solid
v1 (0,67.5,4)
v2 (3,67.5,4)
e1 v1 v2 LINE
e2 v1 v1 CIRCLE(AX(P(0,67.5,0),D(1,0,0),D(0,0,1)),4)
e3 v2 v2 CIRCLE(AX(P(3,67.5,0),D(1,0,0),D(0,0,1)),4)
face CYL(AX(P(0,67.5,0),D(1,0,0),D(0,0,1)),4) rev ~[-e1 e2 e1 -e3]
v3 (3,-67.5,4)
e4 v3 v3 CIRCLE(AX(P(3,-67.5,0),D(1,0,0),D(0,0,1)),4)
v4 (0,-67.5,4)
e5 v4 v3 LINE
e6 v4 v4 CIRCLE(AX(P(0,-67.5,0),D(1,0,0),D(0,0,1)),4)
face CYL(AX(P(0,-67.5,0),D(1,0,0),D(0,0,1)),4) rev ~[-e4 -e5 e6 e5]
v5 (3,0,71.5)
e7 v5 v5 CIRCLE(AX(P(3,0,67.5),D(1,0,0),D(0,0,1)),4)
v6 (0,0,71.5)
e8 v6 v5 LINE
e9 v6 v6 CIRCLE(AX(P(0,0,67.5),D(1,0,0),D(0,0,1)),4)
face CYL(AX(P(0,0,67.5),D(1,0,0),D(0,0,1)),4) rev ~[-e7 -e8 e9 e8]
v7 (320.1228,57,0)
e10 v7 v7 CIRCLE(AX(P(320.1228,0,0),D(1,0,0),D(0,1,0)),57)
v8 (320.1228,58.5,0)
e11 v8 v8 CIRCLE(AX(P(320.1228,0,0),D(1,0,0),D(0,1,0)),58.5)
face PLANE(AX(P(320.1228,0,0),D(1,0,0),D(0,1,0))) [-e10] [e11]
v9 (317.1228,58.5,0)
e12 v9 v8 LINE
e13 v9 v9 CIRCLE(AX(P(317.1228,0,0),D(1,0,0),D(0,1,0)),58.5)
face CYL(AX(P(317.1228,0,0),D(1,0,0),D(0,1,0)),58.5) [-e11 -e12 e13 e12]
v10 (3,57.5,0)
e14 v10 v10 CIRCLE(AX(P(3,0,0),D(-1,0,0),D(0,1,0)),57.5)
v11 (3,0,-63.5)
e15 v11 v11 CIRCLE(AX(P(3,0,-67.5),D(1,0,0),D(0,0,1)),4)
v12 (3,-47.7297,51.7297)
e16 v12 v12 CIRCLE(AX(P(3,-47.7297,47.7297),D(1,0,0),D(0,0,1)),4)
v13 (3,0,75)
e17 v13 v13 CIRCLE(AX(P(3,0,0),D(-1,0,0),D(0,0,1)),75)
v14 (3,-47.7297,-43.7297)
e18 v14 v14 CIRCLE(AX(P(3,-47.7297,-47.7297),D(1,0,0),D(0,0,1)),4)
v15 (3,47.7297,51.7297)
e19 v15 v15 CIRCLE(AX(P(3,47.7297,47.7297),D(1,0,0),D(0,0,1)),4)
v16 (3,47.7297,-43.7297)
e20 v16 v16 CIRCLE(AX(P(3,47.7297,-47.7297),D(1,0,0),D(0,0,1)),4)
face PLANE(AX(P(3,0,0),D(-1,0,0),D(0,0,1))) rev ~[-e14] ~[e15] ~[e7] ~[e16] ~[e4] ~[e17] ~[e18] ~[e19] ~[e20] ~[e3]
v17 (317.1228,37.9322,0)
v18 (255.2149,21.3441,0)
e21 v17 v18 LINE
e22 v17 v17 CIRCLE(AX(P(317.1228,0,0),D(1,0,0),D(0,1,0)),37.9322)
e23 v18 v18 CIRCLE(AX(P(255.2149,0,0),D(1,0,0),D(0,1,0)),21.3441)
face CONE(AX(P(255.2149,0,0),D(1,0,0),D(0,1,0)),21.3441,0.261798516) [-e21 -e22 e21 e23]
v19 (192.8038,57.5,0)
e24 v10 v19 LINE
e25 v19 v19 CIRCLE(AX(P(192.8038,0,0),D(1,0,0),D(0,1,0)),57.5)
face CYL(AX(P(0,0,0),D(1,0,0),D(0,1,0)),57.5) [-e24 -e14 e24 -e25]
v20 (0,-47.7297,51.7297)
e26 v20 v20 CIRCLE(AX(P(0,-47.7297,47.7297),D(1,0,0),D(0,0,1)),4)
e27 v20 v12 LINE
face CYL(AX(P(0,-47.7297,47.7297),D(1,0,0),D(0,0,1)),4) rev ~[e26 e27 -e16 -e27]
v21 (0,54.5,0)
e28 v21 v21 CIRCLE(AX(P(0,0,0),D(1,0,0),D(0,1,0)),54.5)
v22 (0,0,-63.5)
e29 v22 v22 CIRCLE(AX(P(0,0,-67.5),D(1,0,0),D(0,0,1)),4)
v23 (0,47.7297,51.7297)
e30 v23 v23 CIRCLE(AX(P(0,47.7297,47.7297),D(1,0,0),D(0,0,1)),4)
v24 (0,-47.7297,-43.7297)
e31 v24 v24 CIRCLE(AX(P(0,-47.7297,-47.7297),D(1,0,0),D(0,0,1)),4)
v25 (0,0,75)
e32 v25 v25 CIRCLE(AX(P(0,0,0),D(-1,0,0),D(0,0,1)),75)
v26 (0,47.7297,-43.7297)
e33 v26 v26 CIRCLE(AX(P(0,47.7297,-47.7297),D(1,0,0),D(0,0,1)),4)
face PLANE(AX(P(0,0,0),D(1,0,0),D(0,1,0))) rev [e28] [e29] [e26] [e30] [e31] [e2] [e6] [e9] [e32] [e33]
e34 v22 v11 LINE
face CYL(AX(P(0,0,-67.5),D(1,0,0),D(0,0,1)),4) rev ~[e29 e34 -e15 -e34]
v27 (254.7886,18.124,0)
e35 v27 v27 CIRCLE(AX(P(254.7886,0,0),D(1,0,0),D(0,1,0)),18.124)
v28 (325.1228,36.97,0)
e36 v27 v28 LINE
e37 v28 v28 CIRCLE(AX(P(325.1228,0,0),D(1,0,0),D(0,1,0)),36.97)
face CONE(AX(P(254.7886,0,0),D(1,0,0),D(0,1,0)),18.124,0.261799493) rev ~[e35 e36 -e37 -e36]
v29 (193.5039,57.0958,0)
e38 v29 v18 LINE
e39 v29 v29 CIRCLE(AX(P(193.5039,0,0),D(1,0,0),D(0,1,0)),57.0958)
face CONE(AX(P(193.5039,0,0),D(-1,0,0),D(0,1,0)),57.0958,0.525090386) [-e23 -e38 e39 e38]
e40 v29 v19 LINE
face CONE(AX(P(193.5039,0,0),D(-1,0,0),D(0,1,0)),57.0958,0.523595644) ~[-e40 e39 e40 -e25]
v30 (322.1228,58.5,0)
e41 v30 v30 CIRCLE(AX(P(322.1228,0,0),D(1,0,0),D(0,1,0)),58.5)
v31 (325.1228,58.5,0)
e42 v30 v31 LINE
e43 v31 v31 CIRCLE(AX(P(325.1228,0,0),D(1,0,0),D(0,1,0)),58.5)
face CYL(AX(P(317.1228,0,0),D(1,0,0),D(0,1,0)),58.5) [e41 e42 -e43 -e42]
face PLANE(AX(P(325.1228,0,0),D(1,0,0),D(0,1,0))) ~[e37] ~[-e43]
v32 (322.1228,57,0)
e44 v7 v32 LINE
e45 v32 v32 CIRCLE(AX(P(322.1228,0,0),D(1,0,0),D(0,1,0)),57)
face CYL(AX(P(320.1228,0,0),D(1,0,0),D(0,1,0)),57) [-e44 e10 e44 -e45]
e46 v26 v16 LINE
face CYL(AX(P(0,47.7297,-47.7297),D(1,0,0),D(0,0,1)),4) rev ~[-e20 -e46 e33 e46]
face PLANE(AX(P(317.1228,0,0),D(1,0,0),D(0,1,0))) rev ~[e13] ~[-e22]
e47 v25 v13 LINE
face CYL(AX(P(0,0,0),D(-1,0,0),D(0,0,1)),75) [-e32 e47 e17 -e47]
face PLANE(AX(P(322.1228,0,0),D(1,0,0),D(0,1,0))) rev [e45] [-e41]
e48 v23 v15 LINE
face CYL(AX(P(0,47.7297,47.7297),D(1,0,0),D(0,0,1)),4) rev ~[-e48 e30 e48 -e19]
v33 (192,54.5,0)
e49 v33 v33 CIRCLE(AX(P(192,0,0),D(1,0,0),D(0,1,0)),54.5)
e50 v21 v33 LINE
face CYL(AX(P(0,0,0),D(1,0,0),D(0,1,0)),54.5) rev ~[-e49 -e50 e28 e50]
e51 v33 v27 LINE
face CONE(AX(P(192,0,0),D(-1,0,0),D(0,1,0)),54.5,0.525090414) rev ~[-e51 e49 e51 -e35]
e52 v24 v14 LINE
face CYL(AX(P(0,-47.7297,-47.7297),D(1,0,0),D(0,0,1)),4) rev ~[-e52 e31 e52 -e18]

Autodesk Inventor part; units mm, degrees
ref_plane "YZ Plane" through (0, 0, 0) normal (1, 0, 0) x (0, 1, 0)
ref_plane "XZ Plane" through (0, 0, 0) normal (0, 1, 0) x (-1, 0, 0)
ref_plane "XY Plane" through (0, 0, 0) normal (0, 0, 1) x (1, 0, 0)
sketch "Sketch2" plane through (0, 0, 0) normal (0, 0, 1) x (1, 0, 0)
  line L0 (0, 54.5) -> (192, 54.5)
  line L1 (254.7886, 18.124) -> (254.7886, 0) construction
  line L2 (192, 54.5) -> (254.7886, 18.124)
  line L3 (254.7886, 18.124) -> (325.1228, 36.97)
  line L4 (254.7886, 18.124) -> (254.7886, 43.3259) construction
  line L5 (0, 0) -> (254.7886, 0)
  line L6 (325.1228, 36.97) -> (325.1228, 0)
  line L7 (192, 54.5) -> (254.7886, 18.124)
  line L8 (325.1228, 0) -> (305.1228, 0)
  line L9 (-65.0246, 0) -> (390.1474, 0) projected
  line L10 (0, 57.5) -> (192, 57.5)
  line L11 (193.5039, 57.0958) -> (255.2149, 21.3441)
  line L12 (255.2149, 21.3441) -> (325.1228, 40.0758)
  line L13 (325.1228, 36.97) -> (325.1228, 40.0758)
  line L14 (0, 54.5) -> (0, 57.5)
  line L15 (193.5039, 57.0958) -> (192.8038, 57.5)
  line L16 (193.5039, 57.0958) -> (200.0085, 57.0958) construction
  line L17 (192, 57.5) -> (192.8038, 57.5)
  line L18 (325.1228, 40.0758) -> (325.1228, 57.5)
  line L19 (317.1228, 57.5) -> (317.1228, 37.9322)
  line L20 (325.1228, 0) -> (325.1228, 58.5)
  line L21 (317.1228, 58.5) -> (317.1228, 57.5)
  line L22 (317.1228, 58.5) -> (325.1228, 58.5)
  point P0 (254.7886, 31.9804)
  point P1 (325.1228, 59.5)
  point P2 (321.1228, 58.5)
  dimension "d2" = 18.124
  dimension "d9" = 54.5
  dimension "d43" = 192
  dimension "d76" = 20
  dimension "d141" = 3
  dimension "d142" = 3
  dimension "d143" = 3
  dimension "d144" = 150
  dimension "d159" = 8
  dimension "d199" = 58.5
revolve "Revolution1" add sketch "Sketch2" angle 360 about axis through (0, 0, 0) along (1, 0, 0) contours L14 L10 L17 L15 L11 L12 L13 L3 L2 L0
sketch "Sketch24" plane through (0, 0, 0) normal (-1, 0, 0) x (0, 0, 1)
  circle A0 centre (0, 0) radius 75
  circle A1 centre (0, 0) radius 21.3441 projected
  circle A2 centre (0, 0) radius 57.5
  dimension "d155" = 150
  dimension "d156" = 115
extrude "Extrusion9" add sketch "Sketch24" against normal blind 3 contours A0
revolve "Revolution4" add sketch "Sketch2" angle 360 about axis through (-10, 0, 0) along (1, 0, 0) contours L12 L19 L21 L22 L20 L18
sketch "Sketch25" plane through (0, 0, 0) normal (0, 0, 1) x (1, 0, 0)
  line L0 (317.1228, -54.5) -> (317.1228, 54.5) projected
  line L1 (317.1228, 54.5) -> (320.1228, 54.5)
  line L2 (317.1228, 54.5) -> (325.1228, 54.5) projected
  line L3 (320.1228, 54.5) -> (320.1228, 53.5)
  line L4 (320.1228, 53.5) -> (322.1228, 53.5)
  line L5 (322.1228, 53.5) -> (322.1228, 54.5)
  line L6 (322.1228, 54.5) -> (320.7933, 54.5)
  line L7 (317.1228, -58.5) -> (317.1228, 58.5) projected
  line L8 (317.1228, 54.5) -> (317.1228, 58.5)
  line L9 (320.1189, 58.348) -> (320.0429, 56.8499)
  line L10 (317.1228, 58.5) -> (320.1228, 58.5)
  line L11 (317.1228, 58.5) -> (325.1228, 58.5) projected
  line L12 (320.1228, 58.5) -> (320.0506, 57.0017)
  point P0 (0, 0)
  dimension "d161" = 3
  dimension "d162" = 1
  dimension "d163" = 2
  dimension "d202" = 3
revolve "Revolution5" [suppressed]
sketch "Sketch26" plane through (0, 0, 0) normal (-1, 0, 0) x (0, 0, 1)
  circle A0 centre (0, 0) radius 18.124 projected
  circle A1 centre (0, 0) radius 67.5
  circle A2 centre (0, 67.5) radius 4
  circle A3 centre (-47.7297, 47.7297) radius 4
  circle A4 centre (-67.5, 0) radius 4
  circle A5 centre (-47.7297, -47.7297) radius 4
  circle A6 centre (0, -67.5) radius 4
  circle A7 centre (47.7297, -47.7297) radius 4
  circle A8 centre (67.5, 0) radius 4
  circle A9 centre (47.7297, 47.7297) radius 4
  point P0 (0, 0)
  dimension "d165" = 135
  dimension "d166" = 8
  dimension "d169" = 360
hole "Hole1" at (0, 67.5, 0) at (0, 47.7297, -47.7297) at (0, 0, -67.5) at (0, 47.7297, 47.7297) at (0, 0, 67.5) at (0, -47.7297, -47.7297) at (0, -67.5, 0) at (0, -47.7297, 47.7297) direction (1, 0, 0) diameter 8 end through all
thread "Thread19" size "M8x1.25" class "6H" standard "ANSI Metric M Profile" full length
thread "Thread20" size "M8x1.25" class "6H" standard "ANSI Metric M Profile" full length
thread "Thread21" size "M8x1.25" class "6H" standard "ANSI Metric M Profile" full length
thread "Thread22" size "M8x1.25" class "6H" standard "ANSI Metric M Profile" full length
thread "Thread23" size "M8x1.25" class "6H" standard "ANSI Metric M Profile" full length
thread "Thread24" size "M8x1.25" class "6H" standard "ANSI Metric M Profile" full length
thread "Thread25" size "M8x1.25" class "6H" standard "ANSI Metric M Profile" full length
thread "Thread26" size "M8x1.25" class "6H" standard "ANSI Metric M Profile" full length
thread "Thread27" size "M8x1.25" class "6H" standard "ANSI Metric M Profile" full length
sketch "Sketch27" plane through (0, 0, 0) normal (0, 0, 1) x (1, 0, 0)
  line L0 (317.1228, -58.5) -> (317.1228, 58.5) projected
  line L1 (317.1228, 58.5) -> (320.1228, 58.5)
  line L2 (317.1228, 58.5) -> (325.1228, 58.5) projected
  line L3 (320.1228, 58.5) -> (320.1228, 57)
  line L4 (320.1228, 57) -> (322.1228, 57)
  line L5 (322.1228, 57) -> (322.1228, 58.5)
  line L6 (-65.0246, 0) -> (390.1474, 0) projected
  point P0 (0, 0)
  dimension "d207" = 3
  dimension "d208" = 1.5
  dimension "d209" = 2
revolve "Revolution6" cut sketch "Sketch27" angle 360 about axis through (-10, 0, 0) along (1, 0, 0)
properties part number "aluminium engine" material "Aluminum 6061"
